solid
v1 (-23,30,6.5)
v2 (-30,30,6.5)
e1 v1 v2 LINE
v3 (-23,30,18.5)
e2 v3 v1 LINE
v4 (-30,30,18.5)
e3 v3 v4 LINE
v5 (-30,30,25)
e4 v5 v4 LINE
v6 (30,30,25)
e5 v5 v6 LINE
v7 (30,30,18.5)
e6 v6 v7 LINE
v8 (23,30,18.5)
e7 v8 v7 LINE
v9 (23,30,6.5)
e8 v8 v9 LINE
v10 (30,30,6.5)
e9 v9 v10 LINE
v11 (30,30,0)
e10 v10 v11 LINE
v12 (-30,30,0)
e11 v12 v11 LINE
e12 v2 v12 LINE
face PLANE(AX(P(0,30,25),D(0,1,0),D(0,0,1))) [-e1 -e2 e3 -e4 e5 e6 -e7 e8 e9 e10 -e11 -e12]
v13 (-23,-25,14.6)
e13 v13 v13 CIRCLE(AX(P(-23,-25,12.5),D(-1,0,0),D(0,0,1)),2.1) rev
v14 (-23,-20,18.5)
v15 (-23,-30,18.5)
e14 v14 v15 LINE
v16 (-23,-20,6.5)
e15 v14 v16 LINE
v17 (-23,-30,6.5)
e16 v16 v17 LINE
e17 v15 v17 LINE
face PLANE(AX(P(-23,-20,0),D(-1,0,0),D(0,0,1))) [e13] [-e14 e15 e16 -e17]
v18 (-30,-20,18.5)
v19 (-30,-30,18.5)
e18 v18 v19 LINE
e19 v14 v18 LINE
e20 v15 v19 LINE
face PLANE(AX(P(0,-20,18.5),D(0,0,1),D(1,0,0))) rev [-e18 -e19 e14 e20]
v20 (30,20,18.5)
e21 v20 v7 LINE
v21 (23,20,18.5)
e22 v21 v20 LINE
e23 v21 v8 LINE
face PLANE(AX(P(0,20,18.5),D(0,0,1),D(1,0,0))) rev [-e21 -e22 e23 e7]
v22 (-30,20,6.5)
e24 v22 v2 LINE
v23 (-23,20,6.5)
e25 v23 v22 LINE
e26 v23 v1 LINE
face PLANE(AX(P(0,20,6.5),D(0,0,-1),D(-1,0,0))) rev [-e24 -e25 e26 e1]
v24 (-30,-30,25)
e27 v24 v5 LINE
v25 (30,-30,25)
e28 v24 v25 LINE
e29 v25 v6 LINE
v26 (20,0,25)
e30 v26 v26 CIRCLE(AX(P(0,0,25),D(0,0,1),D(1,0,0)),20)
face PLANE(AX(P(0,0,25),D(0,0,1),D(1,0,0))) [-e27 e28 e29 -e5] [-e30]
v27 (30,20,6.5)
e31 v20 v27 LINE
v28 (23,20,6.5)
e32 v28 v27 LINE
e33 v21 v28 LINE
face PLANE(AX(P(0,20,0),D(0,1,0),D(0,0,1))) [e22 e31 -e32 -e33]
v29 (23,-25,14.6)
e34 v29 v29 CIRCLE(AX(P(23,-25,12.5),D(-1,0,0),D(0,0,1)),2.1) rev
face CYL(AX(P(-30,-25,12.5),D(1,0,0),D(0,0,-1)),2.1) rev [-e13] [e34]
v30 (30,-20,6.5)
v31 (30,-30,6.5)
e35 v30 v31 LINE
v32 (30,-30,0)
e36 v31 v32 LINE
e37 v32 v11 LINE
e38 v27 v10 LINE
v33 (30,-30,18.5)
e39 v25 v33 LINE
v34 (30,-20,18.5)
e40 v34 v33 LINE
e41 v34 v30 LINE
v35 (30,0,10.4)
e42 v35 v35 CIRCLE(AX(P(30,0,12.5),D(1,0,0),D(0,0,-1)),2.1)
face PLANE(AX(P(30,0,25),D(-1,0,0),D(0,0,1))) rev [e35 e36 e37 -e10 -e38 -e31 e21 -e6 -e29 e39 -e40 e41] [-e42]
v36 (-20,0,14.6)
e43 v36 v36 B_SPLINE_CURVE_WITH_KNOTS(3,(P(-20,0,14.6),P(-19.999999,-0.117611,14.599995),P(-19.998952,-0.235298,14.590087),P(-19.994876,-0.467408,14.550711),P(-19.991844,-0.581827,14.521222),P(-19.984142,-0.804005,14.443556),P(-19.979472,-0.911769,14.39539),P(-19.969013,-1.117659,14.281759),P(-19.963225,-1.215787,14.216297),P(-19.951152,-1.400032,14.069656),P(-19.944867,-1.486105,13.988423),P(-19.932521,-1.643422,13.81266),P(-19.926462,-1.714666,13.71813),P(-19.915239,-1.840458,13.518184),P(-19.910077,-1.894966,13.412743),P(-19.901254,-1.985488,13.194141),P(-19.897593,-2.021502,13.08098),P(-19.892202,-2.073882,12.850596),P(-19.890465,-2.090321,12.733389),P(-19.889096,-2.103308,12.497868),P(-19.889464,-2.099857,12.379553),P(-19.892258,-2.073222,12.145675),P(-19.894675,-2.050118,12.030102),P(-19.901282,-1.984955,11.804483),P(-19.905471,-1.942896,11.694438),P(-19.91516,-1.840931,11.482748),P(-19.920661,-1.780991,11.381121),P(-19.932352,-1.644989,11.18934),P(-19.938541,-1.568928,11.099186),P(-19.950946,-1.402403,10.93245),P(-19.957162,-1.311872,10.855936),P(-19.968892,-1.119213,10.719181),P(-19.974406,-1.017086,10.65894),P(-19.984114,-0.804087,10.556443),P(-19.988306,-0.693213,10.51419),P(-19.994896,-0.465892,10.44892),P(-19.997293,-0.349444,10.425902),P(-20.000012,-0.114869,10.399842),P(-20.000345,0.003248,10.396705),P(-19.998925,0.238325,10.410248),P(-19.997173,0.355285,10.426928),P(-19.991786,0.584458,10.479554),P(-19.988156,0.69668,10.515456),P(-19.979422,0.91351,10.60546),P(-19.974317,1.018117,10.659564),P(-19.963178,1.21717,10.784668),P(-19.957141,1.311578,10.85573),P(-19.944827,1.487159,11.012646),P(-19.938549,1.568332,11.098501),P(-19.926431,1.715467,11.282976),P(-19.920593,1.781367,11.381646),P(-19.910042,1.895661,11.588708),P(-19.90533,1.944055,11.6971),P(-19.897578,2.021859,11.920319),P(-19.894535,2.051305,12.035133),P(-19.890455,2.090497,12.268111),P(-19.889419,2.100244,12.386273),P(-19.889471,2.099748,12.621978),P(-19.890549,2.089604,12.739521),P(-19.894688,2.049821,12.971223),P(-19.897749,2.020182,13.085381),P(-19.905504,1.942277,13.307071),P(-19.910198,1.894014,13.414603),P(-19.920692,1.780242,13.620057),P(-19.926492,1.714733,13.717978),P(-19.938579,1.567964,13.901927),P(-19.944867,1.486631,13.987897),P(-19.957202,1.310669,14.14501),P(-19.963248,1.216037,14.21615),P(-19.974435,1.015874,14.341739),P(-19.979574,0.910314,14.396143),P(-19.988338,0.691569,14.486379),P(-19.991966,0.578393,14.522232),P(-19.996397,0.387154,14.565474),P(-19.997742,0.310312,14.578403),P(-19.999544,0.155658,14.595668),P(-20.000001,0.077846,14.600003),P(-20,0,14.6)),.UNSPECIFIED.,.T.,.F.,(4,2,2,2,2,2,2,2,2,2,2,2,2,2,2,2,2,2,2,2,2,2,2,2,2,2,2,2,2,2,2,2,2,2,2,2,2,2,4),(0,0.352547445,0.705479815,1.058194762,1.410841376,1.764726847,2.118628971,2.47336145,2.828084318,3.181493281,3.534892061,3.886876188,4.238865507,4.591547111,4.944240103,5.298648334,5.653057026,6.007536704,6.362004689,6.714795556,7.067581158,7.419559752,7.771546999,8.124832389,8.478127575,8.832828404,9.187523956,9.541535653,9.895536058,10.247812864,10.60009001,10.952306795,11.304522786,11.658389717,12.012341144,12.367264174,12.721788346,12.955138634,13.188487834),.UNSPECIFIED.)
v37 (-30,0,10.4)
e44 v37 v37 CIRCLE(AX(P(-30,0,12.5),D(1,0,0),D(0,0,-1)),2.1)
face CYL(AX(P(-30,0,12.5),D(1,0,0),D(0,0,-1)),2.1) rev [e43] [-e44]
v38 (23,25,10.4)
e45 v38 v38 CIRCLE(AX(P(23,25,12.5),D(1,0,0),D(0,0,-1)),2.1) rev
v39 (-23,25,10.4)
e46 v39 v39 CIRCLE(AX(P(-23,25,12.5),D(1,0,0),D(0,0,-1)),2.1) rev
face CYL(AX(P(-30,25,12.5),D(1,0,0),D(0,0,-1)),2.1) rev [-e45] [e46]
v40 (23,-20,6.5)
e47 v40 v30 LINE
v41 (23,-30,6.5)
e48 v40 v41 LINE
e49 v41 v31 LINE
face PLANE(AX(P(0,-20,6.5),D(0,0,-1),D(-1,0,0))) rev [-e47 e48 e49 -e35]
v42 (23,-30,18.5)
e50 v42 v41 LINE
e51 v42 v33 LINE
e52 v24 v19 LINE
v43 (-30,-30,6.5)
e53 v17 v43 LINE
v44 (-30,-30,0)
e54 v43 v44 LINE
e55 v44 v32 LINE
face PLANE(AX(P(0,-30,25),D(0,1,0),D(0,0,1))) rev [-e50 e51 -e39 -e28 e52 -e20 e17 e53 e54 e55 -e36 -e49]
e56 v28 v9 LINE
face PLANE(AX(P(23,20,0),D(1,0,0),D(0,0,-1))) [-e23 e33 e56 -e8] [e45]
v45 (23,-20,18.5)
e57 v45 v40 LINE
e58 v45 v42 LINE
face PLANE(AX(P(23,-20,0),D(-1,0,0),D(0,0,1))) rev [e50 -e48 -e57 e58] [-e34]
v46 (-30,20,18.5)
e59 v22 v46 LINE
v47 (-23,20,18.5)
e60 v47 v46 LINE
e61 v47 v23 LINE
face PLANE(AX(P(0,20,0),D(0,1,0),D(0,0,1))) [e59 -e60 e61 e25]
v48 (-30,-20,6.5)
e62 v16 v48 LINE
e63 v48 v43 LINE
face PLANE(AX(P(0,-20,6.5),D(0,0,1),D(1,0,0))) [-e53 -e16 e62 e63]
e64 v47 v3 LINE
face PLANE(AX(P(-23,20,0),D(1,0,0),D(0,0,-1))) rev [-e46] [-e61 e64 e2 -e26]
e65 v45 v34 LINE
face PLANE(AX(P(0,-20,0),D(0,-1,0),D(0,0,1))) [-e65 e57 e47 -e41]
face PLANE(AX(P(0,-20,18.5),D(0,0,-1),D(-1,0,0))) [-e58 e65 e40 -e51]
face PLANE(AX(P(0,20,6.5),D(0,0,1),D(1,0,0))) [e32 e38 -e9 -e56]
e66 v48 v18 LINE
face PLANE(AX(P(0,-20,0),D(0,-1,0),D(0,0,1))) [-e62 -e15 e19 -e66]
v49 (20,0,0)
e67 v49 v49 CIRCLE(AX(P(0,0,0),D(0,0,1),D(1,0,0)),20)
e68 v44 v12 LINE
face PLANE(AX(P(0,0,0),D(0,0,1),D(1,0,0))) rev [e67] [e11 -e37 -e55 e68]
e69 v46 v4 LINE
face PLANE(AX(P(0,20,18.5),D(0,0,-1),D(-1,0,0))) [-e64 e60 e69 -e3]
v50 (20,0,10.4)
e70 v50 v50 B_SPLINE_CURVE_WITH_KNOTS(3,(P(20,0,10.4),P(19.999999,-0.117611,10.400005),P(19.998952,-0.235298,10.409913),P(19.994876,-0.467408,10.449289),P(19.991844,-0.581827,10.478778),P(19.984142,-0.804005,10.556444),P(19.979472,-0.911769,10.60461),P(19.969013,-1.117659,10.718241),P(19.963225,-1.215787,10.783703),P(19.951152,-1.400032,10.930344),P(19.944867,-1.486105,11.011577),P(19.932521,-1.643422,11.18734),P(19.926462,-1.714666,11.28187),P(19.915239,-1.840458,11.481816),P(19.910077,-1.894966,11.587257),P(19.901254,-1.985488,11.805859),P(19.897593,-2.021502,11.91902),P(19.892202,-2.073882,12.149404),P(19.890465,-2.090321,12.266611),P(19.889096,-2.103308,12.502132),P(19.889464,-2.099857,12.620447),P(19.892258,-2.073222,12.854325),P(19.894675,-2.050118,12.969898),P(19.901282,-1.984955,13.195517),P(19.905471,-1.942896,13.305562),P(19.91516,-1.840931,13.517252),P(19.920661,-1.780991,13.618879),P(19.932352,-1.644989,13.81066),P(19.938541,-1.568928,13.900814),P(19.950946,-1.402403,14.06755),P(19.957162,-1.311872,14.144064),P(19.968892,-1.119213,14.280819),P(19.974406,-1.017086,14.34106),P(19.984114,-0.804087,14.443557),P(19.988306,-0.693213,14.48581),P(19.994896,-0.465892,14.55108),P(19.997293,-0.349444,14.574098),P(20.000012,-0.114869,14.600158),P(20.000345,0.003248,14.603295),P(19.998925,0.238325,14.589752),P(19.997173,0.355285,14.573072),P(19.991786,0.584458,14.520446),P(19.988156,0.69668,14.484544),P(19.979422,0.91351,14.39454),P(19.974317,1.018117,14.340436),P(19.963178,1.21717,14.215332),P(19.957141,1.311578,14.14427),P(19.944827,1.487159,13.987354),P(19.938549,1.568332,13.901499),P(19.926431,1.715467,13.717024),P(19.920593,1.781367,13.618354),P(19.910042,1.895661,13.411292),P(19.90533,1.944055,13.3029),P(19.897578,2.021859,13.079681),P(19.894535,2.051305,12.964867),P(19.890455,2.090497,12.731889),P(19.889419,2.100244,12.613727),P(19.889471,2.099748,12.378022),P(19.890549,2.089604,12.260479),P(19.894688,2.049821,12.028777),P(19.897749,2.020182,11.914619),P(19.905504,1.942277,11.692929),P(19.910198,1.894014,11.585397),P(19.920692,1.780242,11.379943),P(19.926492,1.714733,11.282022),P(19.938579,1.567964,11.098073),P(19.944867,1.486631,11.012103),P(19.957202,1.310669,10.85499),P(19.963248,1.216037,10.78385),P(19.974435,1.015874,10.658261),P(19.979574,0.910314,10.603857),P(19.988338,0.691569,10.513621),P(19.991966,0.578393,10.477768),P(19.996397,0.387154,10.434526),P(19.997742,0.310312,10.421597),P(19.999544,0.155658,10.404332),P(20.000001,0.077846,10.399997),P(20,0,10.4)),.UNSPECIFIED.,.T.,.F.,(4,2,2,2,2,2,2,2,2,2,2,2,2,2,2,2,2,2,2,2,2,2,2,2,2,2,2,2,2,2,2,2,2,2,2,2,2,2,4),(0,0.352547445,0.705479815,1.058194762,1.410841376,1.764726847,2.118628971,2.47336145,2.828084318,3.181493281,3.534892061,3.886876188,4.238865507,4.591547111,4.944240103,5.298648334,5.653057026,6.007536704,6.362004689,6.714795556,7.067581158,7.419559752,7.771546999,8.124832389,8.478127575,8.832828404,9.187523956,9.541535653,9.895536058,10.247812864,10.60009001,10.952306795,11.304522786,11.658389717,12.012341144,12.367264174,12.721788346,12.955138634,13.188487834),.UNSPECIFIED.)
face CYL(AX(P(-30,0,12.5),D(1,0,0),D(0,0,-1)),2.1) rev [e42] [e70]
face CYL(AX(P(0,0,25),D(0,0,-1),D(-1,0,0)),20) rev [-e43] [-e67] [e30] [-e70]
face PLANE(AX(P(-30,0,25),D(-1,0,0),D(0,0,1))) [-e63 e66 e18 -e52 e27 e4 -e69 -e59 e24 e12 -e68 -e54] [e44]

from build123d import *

# Parameters (mm, degrees)
BOSS_EXTRUDE1_DEPTH = 25
SKETCH2_R           = 2.1
CUT_EXTRUDE1_DEPTH  = 72.589105316
CUT_EXTRUDE2_DEPTH  = 10


with BuildPart() as part:
    # Sketch1 → Boss-Extrude1 (new body)
    with BuildSketch(Plane.XY):
        with BuildLine():
            Line((-30, 0), (-20, 0))
            ThreePointArc((-20, 0), (0, 20), (20, 0))
            Line((20, 0), (30, 0))
            Line((30, 0), (30, 30))
            Line((30, 30), (-30, 30))
            Line((-30, 30), (-30, 0))
        make_face()
        with BuildLine():
            ThreePointArc((20, 0), (0, -20), (-20, 0))
            Line((-20, 0), (-30, 0))
            Line((-30, 0), (-30, -30))
            Line((-30, -30), (30, -30))
            Line((30, -30), (30, 0))
            Line((30, 0), (20, 0))
        make_face()
    extrude(amount=BOSS_EXTRUDE1_DEPTH)

    # Sketch2 → Cut-Extrude1 (cut, through all)
    with BuildSketch(Plane(origin=(30, 0, 0), x_dir=(0, 0, -1), z_dir=(1, 0, 0))):
        with Locations((-12.5, 25)):
            Circle(SKETCH2_R)
        with Locations((-12.5, -25)):
            Circle(SKETCH2_R)
        with Locations((-12.5, 0)):
            Circle(SKETCH2_R)
    extrude(amount=-CUT_EXTRUDE1_DEPTH, mode=Mode.SUBTRACT)

    # Sketch3 → Cut-Extrude2 (cut)
    with BuildSketch(Plane(origin=(0, 30, 0), x_dir=(1, 0, 0), z_dir=(0, 1, 0))):
        Polygon((-30, -18.5), (-23, -18.5), (-23, -15), (-23, -10), (-23, -6.5), (-30, -6.5), align=None)
        Polygon((23, -10), (23, -15), (23, -18.5), (30, -18.5), (30, -6.5), (23, -6.5), align=None)
    cut_extrude2 = extrude(amount=-CUT_EXTRUDE2_DEPTH, mode=Mode.SUBTRACT)

    # Mirror1: Cut-Extrude2 across plane
    add(cut_extrude2.mirror(Plane.ZX), mode=Mode.SUBTRACT)


solid = part.part
